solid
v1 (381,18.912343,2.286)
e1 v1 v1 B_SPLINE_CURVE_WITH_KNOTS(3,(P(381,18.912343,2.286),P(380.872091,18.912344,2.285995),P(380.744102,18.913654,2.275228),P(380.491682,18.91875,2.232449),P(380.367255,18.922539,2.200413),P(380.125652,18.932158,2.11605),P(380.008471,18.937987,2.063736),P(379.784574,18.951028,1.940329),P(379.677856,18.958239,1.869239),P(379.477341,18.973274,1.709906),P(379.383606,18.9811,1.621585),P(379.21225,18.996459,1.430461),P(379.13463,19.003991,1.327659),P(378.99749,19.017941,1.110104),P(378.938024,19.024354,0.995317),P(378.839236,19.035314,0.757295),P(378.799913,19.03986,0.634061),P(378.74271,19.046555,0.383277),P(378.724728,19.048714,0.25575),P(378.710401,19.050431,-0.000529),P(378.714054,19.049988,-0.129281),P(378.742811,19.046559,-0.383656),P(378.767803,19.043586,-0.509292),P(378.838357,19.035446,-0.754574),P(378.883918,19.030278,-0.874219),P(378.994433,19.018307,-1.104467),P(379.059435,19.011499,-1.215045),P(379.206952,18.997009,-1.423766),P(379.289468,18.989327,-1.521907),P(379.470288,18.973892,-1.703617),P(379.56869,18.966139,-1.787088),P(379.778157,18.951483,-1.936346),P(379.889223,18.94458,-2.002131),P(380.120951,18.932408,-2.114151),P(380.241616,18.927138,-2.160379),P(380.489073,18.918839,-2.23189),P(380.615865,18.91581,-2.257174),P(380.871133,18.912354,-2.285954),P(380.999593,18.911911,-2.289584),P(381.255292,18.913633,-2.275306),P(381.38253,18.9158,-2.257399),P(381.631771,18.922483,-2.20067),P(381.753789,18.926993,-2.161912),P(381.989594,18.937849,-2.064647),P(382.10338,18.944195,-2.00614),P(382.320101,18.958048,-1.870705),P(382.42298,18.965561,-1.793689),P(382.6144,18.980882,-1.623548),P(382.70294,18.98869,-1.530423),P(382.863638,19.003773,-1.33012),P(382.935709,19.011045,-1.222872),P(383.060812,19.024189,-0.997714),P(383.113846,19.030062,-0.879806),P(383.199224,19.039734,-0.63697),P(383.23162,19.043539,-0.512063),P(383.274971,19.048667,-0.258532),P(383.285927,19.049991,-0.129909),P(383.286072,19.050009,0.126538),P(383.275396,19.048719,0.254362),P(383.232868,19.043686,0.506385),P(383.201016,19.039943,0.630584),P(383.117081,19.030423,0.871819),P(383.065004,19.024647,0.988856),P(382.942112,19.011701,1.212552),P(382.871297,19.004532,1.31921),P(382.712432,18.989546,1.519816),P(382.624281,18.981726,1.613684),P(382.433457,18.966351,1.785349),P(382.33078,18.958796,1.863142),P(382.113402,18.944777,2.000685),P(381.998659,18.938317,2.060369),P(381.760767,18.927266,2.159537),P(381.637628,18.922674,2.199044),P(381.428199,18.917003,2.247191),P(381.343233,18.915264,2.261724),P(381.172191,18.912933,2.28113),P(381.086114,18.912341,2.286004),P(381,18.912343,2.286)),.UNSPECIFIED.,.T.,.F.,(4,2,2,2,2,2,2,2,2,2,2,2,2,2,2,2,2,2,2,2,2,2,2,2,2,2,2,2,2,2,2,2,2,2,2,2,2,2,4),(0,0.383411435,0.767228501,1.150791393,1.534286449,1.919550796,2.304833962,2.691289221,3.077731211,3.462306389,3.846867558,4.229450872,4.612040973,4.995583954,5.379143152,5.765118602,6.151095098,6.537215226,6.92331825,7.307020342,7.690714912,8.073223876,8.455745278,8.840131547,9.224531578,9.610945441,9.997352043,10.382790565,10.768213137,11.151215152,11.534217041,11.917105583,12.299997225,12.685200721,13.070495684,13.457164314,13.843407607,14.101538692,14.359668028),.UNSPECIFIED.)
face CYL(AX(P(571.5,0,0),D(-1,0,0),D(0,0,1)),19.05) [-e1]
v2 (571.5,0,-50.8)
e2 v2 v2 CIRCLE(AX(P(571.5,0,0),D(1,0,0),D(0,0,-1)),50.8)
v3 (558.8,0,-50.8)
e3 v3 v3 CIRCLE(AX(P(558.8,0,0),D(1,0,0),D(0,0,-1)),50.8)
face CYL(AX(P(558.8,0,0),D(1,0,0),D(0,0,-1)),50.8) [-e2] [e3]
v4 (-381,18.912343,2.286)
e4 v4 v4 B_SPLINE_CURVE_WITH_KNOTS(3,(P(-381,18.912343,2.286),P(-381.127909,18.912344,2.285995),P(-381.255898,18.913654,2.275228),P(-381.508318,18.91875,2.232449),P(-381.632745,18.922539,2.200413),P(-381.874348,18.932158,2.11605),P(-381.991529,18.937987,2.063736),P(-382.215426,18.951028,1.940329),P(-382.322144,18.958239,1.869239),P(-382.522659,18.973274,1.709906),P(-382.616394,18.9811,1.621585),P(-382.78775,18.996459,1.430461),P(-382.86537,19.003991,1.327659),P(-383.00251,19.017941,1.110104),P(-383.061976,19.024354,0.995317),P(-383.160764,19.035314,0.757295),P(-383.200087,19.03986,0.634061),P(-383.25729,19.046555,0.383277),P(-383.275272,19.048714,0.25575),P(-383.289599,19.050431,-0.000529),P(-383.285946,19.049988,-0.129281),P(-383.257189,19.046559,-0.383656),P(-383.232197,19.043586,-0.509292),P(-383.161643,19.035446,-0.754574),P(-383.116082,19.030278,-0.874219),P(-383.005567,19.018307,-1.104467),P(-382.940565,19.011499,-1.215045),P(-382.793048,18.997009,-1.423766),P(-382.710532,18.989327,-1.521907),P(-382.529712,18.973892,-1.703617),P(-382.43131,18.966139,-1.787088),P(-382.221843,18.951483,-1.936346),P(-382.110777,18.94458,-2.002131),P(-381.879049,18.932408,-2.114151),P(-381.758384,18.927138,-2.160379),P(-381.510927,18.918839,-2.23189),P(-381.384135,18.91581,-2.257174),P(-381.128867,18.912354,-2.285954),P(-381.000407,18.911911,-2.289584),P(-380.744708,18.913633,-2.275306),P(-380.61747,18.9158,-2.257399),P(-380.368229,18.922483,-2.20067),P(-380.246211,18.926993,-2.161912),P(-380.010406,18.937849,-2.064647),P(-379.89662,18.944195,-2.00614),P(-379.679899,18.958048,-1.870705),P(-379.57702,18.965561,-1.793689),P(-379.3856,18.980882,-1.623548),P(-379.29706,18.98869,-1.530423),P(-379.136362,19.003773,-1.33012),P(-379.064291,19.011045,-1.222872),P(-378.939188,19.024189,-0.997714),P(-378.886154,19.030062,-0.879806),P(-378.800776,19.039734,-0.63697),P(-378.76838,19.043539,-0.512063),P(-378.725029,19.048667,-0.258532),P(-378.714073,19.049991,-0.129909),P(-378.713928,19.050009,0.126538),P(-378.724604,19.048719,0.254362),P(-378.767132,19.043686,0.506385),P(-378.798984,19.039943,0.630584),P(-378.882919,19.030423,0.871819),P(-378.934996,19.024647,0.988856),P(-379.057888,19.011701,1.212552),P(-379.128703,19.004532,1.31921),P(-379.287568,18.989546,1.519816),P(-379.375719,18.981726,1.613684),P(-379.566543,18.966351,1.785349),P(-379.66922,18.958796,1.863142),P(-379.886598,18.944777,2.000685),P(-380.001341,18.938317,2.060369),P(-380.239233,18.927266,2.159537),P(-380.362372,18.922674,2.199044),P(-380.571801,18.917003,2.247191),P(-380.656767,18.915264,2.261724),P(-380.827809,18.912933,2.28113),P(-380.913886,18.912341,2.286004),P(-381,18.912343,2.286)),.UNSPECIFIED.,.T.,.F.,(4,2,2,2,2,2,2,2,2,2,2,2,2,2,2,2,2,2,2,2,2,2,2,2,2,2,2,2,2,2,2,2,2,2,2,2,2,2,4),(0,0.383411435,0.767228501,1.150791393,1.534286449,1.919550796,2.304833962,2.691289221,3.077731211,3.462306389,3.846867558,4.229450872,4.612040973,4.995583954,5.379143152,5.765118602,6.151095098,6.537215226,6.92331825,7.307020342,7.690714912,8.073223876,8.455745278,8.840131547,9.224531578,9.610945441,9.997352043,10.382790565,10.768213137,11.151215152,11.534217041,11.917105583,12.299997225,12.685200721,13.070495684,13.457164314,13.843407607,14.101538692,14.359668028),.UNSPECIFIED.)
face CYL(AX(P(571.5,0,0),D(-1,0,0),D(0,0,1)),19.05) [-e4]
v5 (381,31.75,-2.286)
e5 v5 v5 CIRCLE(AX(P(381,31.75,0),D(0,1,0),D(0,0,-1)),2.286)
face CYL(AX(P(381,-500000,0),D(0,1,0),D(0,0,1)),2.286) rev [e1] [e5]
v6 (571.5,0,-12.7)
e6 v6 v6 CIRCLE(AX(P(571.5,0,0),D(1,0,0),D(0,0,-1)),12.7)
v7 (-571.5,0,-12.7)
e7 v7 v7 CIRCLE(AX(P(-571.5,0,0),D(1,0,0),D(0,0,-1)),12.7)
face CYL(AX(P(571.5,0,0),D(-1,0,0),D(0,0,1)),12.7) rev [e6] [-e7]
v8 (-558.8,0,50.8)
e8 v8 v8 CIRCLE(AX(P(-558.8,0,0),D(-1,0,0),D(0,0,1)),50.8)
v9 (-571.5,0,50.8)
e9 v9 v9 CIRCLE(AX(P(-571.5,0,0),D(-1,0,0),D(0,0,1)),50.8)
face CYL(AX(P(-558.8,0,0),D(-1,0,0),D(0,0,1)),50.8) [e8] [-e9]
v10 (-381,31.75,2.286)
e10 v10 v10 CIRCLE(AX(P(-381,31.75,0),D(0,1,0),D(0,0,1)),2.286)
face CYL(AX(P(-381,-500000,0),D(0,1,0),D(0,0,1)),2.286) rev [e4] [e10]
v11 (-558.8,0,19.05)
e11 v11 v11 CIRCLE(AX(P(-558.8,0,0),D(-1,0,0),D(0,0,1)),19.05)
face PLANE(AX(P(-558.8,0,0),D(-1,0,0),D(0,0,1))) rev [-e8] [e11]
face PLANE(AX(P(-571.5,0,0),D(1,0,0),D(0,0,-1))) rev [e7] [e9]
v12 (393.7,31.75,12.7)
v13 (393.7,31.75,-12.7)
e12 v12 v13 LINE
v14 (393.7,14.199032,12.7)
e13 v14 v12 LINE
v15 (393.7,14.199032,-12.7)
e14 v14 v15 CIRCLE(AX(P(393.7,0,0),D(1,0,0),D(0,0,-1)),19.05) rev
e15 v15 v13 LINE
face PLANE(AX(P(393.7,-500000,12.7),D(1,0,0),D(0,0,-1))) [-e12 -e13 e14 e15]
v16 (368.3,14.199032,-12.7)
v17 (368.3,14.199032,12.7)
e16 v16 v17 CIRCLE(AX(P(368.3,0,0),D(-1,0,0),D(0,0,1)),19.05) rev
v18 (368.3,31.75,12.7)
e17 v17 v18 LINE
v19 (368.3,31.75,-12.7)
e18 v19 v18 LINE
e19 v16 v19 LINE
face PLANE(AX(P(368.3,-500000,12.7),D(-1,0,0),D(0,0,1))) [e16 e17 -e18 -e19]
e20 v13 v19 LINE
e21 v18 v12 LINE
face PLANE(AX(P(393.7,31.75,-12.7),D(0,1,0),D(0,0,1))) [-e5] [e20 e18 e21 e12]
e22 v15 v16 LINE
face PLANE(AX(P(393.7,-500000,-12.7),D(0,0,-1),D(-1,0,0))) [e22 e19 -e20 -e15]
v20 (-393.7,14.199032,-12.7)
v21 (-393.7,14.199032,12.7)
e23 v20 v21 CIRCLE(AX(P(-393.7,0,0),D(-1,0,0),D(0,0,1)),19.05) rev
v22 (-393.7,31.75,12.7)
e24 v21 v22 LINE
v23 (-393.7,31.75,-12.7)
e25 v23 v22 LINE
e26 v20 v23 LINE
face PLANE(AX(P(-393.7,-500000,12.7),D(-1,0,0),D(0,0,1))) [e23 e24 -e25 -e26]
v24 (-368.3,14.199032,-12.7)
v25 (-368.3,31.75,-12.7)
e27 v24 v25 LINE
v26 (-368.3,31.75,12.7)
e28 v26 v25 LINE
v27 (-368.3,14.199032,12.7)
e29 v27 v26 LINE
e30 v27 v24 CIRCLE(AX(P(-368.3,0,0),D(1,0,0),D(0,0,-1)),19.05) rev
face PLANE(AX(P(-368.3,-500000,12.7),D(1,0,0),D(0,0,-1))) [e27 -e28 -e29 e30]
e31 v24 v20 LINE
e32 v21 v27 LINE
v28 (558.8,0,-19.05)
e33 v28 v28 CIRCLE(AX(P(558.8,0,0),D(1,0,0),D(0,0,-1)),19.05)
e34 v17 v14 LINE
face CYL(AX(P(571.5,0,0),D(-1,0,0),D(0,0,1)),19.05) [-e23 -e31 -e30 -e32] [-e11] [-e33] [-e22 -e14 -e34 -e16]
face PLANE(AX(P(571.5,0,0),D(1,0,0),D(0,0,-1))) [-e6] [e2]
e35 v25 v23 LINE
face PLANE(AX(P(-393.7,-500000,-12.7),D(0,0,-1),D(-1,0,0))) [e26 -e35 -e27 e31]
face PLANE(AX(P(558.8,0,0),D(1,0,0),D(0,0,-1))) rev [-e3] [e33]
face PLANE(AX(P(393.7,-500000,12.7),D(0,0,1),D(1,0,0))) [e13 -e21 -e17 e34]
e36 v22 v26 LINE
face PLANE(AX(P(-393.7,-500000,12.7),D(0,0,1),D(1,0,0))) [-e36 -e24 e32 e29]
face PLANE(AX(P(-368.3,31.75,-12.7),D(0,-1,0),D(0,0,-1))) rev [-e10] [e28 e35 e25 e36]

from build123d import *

# Parameters (mm, degrees)
SKETCH1_R                = 19.05
SKETCH1_R_2              = 12.7
BOSS_EXTRUDE1_DEPTH      = 571.5
BOSS_EXTRUDE2_START      = -12.7
SKETCH2_R                = 50.8
SKETCH2_R_2              = 12.7
BOSS_EXTRUDE2_DEPTH      = 12.7
SKETCH3_R                = 50.8
SKETCH3_R_2              = 12.7
BOSS_EXTRUDE3_DEPTH      = 12.7
BOSS_EXTRUDE4_REACH      = 609.748
BOSS_EXTRUDE4_END_RADIUS = 19.05
BOSS_EXTRUDE4_START      = 31.75
SKETCH4_W                = 25.4
SKETCH4_H                = 25.4
SKETCH4_R                = 2.286


with BuildPart() as part:
    # Sketch1 → Boss-Extrude1 (new, symmetric)
    with BuildSketch(Plane(origin=(0, 0, 0), x_dir=(0, 0, -1), z_dir=(1, 0, 0))):
        Circle(SKETCH1_R)
        Circle(SKETCH1_R_2, mode=Mode.SUBTRACT)
    extrude(amount=BOSS_EXTRUDE1_DEPTH, both=True)

    # Sketch2 → Boss-Extrude2 (add)
    with BuildSketch(Plane(origin=(571.5, 0, 0), x_dir=(0, 0, -1), z_dir=(1, 0, 0)).offset(BOSS_EXTRUDE2_START)):
        Circle(SKETCH2_R)
        Circle(SKETCH2_R_2, mode=Mode.SUBTRACT)
    extrude(amount=BOSS_EXTRUDE2_DEPTH)

    # Sketch3 → Boss-Extrude3 (add)
    with BuildSketch(Plane.ZY.offset(571.5)):
        with Locations(Location((0, 0, 0), (0, 0, 180))):
            Circle(SKETCH3_R)
        with Locations(Location((0, 0, 0), (0, 0, 180))):
            Circle(SKETCH3_R_2, mode=Mode.SUBTRACT)
    extrude(amount=-BOSS_EXTRUDE3_DEPTH)

    # Boss-Extrude4: up to this cylinder (the profile starts outside it)
    boss_extrude4_end = Plane(origin=(-6.170395, 0, 0), z_dir=(-1, 0, 0)) * Cylinder(BOSS_EXTRUDE4_END_RADIUS, 2008.25521, mode=Mode.PRIVATE)
    # Sketch4 → Boss-Extrude4 (add, up to the surface)
    with BuildSketch(Plane(origin=(0, 0, 0), x_dir=(1, 0, 0), z_dir=(0, 1, 0)).offset(BOSS_EXTRUDE4_START), mode=Mode.PRIVATE) as boss_extrude4_sk1:
        with Locations((-381, 0)):
            Rectangle(SKETCH4_W, SKETCH4_H)
        with Locations(Location((-381, 0, 0), (0, 0, 270))):
            Circle(SKETCH4_R, mode=Mode.SUBTRACT)
    boss_extrude4_tool1 = extrude(boss_extrude4_sk1.sketch, amount=-BOSS_EXTRUDE4_REACH, mode=Mode.PRIVATE) - boss_extrude4_end
    add(boss_extrude4_tool1.solids().sort_by_distance((-381, 31.75, 12.34079))[0])
    # Sketch4 → Boss-Extrude4 (add, up to the surface)
    with BuildSketch(Plane(origin=(0, 0, 0), x_dir=(1, 0, 0), z_dir=(0, 1, 0)).offset(BOSS_EXTRUDE4_START), mode=Mode.PRIVATE) as boss_extrude4_sk2:
        with Locations((381, 0)):
            Rectangle(SKETCH4_W, SKETCH4_H)
        with Locations(Location((381, 0, 0), (0, 0, 270))):
            Circle(SKETCH4_R, mode=Mode.SUBTRACT)
    boss_extrude4_tool2 = extrude(boss_extrude4_sk2.sketch, amount=-BOSS_EXTRUDE4_REACH, mode=Mode.PRIVATE) - boss_extrude4_end
    add(boss_extrude4_tool2.solids().sort_by_distance((368.65921, 31.75, 0))[0])


solid = part.part
